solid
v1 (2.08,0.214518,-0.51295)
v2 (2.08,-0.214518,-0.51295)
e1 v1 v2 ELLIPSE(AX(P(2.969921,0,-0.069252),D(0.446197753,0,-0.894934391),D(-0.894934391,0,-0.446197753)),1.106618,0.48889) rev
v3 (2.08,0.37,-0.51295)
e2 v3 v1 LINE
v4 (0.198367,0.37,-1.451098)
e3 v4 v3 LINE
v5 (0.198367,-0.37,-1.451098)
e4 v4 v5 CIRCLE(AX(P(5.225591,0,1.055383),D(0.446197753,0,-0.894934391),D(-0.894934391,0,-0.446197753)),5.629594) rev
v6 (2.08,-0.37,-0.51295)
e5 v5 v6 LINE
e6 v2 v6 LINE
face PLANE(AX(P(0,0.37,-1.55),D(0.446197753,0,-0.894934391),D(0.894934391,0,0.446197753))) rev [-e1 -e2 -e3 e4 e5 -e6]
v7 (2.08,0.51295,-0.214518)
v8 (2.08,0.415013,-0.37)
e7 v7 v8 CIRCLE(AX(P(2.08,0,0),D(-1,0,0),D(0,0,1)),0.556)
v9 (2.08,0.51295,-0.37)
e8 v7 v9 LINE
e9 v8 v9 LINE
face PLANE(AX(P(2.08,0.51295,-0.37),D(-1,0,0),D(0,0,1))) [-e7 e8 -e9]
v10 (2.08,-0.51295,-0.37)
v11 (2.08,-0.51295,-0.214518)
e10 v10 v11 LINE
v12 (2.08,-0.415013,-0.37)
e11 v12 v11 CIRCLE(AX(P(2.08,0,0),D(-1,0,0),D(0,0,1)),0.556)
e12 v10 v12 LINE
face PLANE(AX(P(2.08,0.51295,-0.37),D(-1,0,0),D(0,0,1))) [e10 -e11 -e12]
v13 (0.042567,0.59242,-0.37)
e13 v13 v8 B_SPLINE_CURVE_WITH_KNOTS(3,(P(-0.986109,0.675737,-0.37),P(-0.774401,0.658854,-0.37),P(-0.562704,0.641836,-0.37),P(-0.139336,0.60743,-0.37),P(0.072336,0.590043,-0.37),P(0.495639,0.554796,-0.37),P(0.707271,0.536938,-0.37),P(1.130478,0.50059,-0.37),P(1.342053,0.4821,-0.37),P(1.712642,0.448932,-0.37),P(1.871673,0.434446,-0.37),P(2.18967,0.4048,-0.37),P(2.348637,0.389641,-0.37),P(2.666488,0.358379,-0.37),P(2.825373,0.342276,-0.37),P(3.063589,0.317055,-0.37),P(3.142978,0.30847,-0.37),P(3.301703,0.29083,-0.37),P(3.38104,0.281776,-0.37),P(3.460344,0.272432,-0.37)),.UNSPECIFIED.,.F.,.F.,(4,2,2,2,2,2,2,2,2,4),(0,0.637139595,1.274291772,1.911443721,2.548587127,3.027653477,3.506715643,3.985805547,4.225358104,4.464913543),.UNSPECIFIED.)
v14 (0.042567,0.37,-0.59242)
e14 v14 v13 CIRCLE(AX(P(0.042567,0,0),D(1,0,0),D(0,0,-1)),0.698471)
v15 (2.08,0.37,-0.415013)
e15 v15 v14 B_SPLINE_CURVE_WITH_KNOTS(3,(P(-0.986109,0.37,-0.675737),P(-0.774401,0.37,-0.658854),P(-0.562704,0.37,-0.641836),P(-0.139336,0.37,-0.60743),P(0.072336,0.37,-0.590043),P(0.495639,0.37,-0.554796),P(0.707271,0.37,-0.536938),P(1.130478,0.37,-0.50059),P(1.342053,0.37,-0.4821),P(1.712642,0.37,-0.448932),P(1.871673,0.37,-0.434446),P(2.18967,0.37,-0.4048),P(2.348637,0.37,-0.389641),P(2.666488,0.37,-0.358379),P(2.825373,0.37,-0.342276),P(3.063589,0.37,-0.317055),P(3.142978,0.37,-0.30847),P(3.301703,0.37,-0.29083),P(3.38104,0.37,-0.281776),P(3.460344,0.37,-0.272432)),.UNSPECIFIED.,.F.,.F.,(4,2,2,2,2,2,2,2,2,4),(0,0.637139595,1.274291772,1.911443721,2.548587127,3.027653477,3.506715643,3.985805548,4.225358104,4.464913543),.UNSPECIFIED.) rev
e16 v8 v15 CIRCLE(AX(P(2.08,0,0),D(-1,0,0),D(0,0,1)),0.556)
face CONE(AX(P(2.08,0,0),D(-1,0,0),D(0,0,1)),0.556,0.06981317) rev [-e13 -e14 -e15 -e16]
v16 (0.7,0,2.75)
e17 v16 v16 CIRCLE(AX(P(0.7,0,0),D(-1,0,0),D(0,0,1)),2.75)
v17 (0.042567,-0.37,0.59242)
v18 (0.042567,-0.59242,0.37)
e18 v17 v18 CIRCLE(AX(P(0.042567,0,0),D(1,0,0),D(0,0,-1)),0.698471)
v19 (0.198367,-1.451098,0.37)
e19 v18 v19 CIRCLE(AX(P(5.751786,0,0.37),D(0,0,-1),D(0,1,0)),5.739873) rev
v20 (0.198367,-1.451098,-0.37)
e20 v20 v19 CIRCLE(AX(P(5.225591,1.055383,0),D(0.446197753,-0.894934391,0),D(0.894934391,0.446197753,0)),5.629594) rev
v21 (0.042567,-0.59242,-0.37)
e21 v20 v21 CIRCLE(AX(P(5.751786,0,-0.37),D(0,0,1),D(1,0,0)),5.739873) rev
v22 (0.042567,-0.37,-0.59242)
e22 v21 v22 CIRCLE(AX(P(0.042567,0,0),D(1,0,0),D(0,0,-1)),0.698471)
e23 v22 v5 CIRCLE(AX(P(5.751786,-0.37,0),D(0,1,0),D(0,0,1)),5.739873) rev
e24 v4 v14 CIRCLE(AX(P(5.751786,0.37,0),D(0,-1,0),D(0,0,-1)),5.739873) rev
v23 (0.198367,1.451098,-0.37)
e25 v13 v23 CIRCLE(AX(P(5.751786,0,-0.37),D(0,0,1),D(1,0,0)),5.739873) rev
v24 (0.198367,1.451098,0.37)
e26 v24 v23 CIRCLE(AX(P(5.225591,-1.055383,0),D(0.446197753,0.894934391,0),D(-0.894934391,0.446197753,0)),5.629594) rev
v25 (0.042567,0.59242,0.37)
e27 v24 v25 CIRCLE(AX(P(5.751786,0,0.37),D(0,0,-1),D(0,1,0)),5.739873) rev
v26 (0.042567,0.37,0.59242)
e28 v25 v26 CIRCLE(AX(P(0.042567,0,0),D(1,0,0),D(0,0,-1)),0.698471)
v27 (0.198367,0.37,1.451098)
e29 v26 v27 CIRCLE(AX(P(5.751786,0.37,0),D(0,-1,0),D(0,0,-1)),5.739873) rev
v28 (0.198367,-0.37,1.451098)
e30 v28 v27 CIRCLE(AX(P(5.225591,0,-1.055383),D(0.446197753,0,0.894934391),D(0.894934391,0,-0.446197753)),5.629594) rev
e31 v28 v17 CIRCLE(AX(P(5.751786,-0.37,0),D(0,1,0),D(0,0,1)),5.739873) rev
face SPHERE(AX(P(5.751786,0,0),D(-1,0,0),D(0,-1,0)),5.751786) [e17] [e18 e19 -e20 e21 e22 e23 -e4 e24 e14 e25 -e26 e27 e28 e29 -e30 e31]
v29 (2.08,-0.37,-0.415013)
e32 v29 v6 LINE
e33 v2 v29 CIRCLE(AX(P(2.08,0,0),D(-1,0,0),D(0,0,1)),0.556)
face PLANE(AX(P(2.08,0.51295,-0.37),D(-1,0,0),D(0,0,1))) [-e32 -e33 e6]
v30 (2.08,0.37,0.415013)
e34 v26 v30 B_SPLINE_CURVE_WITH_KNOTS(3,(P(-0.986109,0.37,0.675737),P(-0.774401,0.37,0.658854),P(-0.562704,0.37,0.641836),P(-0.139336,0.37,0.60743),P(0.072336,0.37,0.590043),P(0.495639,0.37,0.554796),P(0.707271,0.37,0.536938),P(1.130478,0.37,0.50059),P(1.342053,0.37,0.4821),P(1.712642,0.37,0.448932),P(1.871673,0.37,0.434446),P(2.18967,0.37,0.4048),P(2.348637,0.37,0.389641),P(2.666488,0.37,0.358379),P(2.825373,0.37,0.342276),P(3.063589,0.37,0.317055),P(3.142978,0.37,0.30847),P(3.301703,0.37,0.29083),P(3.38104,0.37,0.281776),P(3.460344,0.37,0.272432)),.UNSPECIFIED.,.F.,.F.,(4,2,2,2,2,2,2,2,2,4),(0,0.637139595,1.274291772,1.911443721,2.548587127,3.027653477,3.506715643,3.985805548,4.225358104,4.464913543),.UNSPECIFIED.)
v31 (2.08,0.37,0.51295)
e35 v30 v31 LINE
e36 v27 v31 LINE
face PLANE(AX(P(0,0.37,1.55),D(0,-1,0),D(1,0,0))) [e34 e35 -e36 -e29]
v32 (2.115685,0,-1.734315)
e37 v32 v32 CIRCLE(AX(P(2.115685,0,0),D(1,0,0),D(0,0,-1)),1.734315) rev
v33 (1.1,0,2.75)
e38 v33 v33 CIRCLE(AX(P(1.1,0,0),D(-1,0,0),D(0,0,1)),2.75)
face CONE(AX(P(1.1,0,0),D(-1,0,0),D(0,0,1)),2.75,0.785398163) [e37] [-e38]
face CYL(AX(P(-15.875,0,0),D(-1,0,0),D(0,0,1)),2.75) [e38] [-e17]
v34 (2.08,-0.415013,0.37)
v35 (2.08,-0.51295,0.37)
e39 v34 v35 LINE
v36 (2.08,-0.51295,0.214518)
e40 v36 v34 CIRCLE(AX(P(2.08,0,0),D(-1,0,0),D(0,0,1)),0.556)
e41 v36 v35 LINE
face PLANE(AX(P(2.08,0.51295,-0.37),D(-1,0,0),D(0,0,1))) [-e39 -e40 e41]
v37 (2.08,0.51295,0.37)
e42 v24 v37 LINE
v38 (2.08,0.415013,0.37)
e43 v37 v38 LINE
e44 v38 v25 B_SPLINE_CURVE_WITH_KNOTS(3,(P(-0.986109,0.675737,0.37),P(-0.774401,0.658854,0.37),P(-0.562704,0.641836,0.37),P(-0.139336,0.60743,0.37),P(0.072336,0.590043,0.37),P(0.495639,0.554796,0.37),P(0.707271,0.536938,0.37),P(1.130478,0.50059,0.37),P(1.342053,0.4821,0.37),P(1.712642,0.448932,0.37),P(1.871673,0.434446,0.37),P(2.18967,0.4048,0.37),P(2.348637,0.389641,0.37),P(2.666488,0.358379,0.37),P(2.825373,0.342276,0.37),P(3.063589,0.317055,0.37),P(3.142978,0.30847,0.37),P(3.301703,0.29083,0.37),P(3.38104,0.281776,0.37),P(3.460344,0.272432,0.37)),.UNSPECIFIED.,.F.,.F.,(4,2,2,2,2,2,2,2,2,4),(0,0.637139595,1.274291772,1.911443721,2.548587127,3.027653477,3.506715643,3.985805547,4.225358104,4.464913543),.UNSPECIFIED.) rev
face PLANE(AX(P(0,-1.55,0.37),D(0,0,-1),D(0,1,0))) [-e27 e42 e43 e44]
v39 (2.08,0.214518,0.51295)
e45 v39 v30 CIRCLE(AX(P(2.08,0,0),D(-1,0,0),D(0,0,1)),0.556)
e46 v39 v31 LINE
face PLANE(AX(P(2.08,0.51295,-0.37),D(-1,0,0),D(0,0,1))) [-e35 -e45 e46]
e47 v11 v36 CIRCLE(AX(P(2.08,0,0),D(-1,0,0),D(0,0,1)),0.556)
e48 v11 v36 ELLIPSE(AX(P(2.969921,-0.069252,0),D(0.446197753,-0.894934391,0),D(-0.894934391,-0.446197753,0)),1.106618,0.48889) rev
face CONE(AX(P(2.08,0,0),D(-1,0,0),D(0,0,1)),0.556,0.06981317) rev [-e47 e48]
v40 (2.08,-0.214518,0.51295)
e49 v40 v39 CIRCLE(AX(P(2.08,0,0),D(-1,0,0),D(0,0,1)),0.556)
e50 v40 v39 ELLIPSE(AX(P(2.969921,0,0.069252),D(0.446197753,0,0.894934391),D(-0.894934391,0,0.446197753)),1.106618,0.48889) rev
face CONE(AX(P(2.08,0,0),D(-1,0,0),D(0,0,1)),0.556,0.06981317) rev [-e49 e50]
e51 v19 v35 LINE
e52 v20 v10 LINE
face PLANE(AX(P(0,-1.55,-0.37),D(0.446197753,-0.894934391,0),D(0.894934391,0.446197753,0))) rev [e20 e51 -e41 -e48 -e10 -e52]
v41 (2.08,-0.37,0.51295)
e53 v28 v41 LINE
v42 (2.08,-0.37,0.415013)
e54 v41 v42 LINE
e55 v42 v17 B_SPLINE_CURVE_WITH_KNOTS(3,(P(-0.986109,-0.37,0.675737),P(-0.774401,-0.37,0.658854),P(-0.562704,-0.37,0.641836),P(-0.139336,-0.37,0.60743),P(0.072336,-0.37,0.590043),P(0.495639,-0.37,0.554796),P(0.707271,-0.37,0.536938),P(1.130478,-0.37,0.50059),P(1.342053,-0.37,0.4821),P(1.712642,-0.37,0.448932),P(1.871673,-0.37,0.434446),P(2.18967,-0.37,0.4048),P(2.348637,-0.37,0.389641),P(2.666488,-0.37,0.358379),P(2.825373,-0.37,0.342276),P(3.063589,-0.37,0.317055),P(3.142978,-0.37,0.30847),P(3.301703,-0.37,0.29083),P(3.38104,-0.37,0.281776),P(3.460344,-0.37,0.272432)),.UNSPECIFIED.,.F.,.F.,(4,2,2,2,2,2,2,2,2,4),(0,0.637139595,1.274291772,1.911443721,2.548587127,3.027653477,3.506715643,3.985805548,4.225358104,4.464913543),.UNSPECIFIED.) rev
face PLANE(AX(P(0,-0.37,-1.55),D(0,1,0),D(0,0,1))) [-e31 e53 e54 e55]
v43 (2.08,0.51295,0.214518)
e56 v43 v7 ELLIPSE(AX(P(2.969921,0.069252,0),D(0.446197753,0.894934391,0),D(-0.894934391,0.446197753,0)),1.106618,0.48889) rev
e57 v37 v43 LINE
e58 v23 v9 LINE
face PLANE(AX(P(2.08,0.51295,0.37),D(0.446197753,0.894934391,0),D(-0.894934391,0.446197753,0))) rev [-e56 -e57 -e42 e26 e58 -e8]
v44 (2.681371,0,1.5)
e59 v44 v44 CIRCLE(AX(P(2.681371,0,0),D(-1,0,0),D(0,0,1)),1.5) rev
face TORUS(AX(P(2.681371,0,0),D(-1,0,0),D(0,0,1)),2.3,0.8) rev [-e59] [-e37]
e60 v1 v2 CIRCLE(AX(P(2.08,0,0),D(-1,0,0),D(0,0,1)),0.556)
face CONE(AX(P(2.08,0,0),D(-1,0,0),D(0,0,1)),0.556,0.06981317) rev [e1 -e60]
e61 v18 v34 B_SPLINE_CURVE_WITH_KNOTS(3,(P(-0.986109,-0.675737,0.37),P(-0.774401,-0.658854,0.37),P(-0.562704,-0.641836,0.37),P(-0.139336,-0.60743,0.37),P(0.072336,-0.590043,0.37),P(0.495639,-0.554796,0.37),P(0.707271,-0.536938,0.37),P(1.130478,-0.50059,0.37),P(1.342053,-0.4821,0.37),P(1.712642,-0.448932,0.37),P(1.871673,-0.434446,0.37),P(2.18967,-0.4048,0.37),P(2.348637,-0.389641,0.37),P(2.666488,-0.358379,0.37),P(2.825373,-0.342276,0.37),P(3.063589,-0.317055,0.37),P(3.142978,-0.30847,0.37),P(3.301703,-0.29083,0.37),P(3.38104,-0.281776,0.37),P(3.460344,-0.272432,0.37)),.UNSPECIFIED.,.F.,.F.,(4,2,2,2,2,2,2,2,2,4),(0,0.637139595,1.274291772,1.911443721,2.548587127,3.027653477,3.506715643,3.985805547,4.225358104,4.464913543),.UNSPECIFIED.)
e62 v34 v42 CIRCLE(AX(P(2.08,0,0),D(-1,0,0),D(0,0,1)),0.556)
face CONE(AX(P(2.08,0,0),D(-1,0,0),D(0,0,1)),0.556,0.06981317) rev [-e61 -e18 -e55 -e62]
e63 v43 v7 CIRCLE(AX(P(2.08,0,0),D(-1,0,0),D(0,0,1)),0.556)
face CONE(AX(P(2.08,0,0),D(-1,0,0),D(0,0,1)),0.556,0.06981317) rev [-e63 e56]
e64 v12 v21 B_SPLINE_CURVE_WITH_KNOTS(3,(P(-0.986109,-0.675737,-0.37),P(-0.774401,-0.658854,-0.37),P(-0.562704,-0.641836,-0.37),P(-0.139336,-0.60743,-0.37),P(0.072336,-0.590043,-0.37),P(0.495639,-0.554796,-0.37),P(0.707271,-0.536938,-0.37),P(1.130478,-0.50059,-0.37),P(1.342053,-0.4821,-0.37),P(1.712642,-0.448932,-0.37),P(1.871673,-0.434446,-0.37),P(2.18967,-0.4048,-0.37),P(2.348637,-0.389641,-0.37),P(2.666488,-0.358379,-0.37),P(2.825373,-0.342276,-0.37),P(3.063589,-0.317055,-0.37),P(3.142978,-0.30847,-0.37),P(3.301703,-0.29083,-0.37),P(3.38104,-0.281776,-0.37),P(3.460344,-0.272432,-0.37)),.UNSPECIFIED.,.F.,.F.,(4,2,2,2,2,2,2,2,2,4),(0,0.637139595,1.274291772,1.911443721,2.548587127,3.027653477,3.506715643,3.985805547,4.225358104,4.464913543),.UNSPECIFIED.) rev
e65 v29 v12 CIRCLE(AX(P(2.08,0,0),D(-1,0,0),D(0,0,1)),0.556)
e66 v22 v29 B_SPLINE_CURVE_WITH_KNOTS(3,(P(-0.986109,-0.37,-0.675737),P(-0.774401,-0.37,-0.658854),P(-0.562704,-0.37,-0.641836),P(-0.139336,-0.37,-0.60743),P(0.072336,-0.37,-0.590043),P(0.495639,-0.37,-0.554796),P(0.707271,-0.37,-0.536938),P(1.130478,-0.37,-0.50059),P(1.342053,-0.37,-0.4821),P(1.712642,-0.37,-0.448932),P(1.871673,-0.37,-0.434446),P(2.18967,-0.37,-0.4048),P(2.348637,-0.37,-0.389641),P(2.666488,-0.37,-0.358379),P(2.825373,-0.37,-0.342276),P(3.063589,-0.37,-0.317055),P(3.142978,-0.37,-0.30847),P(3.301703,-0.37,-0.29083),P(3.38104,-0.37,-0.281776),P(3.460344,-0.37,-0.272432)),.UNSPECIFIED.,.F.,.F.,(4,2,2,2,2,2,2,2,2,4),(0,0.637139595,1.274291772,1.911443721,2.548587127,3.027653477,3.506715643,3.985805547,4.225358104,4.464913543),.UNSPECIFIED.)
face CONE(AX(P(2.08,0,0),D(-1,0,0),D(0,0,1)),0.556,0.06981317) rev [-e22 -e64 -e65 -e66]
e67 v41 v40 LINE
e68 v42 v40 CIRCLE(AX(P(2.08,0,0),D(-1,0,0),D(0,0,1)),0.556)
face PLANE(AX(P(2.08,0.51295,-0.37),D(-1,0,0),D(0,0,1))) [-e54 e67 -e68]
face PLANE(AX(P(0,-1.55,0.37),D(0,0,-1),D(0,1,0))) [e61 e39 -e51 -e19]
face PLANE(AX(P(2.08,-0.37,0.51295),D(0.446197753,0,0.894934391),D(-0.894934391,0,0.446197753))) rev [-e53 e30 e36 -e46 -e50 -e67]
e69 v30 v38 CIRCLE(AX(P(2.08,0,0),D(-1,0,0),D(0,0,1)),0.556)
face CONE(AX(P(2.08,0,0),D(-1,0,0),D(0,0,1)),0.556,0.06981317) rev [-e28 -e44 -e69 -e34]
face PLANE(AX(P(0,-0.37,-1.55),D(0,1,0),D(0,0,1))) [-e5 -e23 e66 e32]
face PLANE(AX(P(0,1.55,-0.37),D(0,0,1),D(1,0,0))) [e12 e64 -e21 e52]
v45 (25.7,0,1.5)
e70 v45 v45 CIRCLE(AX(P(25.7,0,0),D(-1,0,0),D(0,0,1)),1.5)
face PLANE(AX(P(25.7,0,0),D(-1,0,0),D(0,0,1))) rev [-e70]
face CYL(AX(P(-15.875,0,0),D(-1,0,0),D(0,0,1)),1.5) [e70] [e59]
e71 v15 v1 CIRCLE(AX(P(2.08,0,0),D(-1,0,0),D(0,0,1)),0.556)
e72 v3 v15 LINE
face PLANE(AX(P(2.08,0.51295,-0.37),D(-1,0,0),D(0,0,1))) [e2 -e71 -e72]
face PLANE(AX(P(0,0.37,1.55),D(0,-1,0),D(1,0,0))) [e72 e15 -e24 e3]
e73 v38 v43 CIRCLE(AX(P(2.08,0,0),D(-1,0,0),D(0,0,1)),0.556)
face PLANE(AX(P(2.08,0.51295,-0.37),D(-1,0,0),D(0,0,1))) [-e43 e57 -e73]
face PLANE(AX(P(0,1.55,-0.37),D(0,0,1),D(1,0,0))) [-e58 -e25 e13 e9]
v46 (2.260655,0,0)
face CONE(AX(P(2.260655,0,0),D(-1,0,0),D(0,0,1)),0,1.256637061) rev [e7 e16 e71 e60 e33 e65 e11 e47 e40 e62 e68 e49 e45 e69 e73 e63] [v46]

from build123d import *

# Parameters (mm, degrees)
FILLET1_R    = 0.8
RECPAT_COUNT = 2
RECPAT_ANGLE = 90


with BuildPart() as part:
    # BodySke → Base-Revolve (revolve)
    with BuildSketch(Plane.XY, mode=Mode.PRIVATE) as base_revolve_sk:
        with BuildLine():
            Line((0, 0), (25.7, 0))
            Line((25.7, 0), (25.7, 1.5))
            Line((25.7, 1.5), (2.35, 1.5))
            Line((2.35, 1.5), (1.1, 2.75))
            Line((1.1, 2.75), (0.7, 2.75))
            ThreePointArc((0.7, 2.75), (0.177746434, 1.418846362), (0, 0))
        make_face()
    revolve(base_revolve_sk.sketch.rotate(Axis((-15.875, 0, 0), (1, 0, 0)), 90), axis=Axis((-15.875, 0, 0), (1, 0, 0)))

    # Fillet1
    fillet1_edges = [part.edges().sort_by_distance(p)[0] for p in [
        (2.35, 0, -1.5),
    ]]
    fillet(fillet1_edges, radius=FILLET1_R)

    # Sketch3 → Recess section 0
    with BuildSketch(Plane(origin=(0, 0, 0), x_dir=(0, 0, -1), z_dir=(1, 0, 0))):
        with BuildLine():
            Line((0.37, -1.55), (-0.37, -1.55))
            Line((-0.37, -1.55), (-0.37, 1.55))
            Line((-0.37, 1.55), (0.37, 1.55))
            Line((0.37, 1.55), (0.37, -1.55))
        make_face()
    # Sketch4 → Recess section 1
    with BuildSketch(Plane(origin=(2.08, 0, 0), x_dir=(0, 0, -1), z_dir=(1, 0, 0))):
        with BuildLine():
            Line((0.37, -0.512950429), (-0.37, -0.512950429))
            Line((-0.37, -0.512950429), (-0.37, 0.512950429))
            Line((-0.37, 0.512950429), (0.37, 0.512950429))
            Line((0.37, 0.512950429), (0.37, -0.512950429))
        make_face()
    recess = loft(mode=Mode.SUBTRACT)

    # RecPat: Recess ×2 about axis
    recpat_axis = Axis((0, 0, 0), (1, 0, 0))
    for i in range(1, RECPAT_COUNT):
        add(recess.rotate(recpat_axis, i * RECPAT_ANGLE / (RECPAT_COUNT - 1)), mode=Mode.SUBTRACT)

    # RecCorSke → RecessCore (revolve, cut)
    with BuildSketch(Plane.XY, mode=Mode.PRIVATE) as recesscore_sk:
        Polygon((0, 0), (0, 0.701447769), (2.08, 0.556), (2.260655351, 0), align=None)
    revolve(recesscore_sk.sketch.rotate(Axis((-3.175, 0, 0), (1, 0, 0)), 90), axis=Axis((-3.175, 0, 0), (1, 0, 0)), mode=Mode.SUBTRACT)


solid = part.part
